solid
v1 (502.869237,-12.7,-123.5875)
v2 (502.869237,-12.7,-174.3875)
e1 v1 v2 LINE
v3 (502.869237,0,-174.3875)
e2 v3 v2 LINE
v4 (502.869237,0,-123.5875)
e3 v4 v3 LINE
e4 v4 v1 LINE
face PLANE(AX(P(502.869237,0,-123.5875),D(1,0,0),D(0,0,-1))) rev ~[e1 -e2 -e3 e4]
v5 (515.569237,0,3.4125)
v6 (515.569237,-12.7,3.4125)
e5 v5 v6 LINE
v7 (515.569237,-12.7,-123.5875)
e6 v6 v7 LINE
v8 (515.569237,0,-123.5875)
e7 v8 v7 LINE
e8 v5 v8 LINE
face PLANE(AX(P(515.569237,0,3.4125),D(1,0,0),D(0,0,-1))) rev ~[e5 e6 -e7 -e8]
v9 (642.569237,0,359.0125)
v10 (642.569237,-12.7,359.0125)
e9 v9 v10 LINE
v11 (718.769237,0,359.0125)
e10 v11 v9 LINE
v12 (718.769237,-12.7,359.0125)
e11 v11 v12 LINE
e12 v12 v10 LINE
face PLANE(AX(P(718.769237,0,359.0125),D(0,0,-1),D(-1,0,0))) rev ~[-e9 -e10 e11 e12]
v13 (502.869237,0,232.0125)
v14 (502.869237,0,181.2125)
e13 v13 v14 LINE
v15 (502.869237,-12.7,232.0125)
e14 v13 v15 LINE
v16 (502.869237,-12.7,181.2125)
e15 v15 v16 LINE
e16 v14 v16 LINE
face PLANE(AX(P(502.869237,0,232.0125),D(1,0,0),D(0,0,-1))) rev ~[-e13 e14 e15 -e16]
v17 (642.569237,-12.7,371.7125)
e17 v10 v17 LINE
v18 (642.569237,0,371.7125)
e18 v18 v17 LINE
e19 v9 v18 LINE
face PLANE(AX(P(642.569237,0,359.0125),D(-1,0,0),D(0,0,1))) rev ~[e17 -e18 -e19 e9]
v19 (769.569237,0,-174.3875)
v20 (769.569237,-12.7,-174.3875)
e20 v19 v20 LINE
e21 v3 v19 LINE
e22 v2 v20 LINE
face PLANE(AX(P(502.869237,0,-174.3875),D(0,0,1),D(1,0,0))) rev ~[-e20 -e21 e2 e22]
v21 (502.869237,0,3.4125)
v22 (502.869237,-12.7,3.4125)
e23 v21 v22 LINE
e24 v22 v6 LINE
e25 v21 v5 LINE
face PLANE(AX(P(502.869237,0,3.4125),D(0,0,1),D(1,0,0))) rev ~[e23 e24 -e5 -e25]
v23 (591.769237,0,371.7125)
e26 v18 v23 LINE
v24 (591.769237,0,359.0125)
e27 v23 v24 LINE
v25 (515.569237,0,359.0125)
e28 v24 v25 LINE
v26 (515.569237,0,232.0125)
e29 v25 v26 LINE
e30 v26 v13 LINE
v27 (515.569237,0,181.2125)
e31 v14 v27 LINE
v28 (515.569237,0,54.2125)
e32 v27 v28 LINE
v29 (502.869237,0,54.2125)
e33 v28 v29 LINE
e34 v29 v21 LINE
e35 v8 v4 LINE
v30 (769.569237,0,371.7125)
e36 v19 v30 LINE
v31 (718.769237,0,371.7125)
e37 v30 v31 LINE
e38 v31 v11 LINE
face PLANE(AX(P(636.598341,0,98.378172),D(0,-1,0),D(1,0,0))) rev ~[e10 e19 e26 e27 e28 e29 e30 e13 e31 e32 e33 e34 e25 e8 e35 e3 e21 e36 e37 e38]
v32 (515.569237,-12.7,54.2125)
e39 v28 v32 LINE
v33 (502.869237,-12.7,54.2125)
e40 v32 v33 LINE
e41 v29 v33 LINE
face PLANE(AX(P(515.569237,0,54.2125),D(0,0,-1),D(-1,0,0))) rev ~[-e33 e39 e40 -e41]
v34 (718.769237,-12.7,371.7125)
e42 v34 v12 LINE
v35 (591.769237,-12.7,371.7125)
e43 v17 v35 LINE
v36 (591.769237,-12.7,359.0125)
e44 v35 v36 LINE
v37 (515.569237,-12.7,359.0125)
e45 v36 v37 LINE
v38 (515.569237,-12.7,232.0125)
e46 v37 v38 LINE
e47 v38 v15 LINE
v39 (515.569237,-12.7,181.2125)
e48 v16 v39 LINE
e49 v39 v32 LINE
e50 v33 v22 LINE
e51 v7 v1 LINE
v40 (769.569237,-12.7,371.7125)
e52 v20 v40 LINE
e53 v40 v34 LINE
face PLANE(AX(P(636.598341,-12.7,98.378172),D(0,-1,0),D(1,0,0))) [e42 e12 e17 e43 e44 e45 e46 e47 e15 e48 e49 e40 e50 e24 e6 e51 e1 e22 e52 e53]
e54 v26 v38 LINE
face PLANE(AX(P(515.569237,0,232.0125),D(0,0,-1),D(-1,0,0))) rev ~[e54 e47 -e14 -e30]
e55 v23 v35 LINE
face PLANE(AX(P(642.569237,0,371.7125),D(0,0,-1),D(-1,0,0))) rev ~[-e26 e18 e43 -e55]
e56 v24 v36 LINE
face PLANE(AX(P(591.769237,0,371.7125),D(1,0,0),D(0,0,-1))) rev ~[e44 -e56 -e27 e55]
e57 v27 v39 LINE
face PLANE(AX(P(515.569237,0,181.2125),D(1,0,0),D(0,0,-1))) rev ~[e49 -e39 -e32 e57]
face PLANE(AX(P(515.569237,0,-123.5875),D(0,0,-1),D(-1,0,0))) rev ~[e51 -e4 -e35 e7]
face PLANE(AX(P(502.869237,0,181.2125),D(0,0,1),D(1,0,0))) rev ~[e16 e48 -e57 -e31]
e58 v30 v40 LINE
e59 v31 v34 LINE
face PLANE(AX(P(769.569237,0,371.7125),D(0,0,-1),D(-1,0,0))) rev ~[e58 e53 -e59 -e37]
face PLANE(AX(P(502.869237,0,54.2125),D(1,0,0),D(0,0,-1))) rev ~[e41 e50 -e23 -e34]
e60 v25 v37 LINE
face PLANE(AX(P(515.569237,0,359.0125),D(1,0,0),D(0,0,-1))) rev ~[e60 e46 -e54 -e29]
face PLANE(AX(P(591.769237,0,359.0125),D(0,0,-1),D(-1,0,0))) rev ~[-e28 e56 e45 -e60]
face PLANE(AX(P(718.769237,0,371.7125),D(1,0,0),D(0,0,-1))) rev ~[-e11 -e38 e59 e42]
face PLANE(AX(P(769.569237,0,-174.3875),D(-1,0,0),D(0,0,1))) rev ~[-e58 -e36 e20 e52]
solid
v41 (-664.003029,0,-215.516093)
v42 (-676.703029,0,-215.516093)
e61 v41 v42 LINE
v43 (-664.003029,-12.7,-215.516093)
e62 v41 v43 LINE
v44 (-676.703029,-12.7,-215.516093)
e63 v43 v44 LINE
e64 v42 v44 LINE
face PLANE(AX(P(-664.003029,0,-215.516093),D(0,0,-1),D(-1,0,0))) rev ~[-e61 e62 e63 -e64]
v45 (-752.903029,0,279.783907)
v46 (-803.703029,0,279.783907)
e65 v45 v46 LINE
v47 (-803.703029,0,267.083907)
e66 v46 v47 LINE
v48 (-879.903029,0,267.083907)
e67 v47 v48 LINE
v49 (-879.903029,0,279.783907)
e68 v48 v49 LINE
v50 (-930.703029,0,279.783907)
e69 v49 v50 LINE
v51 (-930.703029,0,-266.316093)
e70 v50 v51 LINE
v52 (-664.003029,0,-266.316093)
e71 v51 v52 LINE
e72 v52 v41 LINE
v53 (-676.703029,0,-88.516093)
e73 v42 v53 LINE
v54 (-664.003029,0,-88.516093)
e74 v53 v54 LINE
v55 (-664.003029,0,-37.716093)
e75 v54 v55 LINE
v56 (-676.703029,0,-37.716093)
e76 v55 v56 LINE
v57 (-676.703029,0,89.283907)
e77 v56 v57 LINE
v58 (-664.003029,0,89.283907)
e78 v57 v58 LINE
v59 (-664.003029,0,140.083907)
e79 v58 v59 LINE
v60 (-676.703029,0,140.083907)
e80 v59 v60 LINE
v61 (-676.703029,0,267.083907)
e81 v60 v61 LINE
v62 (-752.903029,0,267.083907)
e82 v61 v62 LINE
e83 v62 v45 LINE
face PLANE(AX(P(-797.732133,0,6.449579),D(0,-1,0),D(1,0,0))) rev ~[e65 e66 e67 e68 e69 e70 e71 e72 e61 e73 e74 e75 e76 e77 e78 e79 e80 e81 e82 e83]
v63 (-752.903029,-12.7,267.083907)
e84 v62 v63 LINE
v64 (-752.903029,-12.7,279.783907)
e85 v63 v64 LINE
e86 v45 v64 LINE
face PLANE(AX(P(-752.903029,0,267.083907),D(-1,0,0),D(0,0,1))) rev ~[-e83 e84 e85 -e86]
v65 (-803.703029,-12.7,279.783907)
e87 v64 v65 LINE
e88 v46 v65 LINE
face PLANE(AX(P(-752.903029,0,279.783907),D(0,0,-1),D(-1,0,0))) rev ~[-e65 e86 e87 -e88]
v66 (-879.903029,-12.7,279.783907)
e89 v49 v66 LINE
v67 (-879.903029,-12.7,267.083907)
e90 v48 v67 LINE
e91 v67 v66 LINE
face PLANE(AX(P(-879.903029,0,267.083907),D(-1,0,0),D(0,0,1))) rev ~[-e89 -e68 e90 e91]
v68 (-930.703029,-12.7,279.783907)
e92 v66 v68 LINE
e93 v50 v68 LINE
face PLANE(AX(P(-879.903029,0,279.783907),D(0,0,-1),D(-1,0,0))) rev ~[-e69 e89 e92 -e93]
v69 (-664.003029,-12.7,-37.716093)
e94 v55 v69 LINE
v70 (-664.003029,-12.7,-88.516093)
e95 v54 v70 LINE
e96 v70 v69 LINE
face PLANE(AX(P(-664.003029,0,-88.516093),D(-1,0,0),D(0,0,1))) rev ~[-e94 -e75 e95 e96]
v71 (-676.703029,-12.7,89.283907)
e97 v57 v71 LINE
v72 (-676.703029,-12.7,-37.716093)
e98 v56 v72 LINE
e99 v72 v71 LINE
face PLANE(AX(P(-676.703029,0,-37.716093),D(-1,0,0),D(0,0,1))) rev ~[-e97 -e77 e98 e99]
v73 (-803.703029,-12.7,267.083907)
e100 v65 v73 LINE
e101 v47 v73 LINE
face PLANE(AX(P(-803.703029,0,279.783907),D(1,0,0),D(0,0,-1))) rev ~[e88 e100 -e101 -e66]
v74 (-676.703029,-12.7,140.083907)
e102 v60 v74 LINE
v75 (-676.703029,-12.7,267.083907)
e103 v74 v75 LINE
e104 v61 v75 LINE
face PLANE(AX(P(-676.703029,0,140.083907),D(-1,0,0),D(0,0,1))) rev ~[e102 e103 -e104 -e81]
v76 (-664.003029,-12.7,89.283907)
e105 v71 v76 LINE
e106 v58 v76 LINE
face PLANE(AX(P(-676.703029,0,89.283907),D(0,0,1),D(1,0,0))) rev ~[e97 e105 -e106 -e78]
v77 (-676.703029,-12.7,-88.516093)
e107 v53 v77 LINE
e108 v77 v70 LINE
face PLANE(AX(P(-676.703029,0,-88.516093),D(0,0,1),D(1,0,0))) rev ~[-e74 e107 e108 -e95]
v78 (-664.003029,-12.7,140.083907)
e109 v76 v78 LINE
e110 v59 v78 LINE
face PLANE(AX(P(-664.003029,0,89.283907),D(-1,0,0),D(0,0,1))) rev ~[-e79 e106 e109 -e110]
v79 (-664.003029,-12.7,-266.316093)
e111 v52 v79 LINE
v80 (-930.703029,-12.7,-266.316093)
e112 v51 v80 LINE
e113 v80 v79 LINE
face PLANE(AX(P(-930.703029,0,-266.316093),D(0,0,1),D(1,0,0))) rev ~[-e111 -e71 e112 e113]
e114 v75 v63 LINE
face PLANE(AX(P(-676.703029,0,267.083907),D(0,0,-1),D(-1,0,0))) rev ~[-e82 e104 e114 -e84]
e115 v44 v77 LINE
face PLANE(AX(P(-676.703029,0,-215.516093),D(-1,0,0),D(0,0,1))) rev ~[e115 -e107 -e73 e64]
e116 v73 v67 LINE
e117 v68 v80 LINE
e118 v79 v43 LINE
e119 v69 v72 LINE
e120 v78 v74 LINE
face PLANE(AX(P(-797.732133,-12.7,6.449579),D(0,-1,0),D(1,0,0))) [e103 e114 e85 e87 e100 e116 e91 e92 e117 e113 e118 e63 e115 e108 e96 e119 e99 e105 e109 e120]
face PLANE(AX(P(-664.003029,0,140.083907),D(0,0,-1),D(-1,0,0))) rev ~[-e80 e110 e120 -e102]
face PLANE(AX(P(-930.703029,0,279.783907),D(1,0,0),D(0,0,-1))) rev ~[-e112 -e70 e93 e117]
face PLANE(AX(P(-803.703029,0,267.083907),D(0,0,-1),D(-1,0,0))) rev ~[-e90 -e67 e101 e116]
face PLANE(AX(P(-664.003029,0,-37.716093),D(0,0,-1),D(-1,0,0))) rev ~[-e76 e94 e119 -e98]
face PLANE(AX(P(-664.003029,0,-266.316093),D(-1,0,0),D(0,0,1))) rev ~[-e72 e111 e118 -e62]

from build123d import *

# Parameters (mm, degrees)
F1_DEPTH = 12.7


with BuildPart() as f1:
    # F0 (on Front) → F1 (new body)
    with BuildSketch(Plane.XZ):
        Polygon((-930.703029, 267.083907), (-930.703029, -266.316093), (-676.703029, -266.316093), (-664.003029, -266.316093), (-664.003029, -215.516093), (-676.703029, -215.516093), (-676.703029, -88.516093), (-664.003029, -88.516093), (-664.003029, -37.716093), (-676.703029, -37.716093), (-676.703029, 89.283907), (-664.003029, 89.283907), (-664.003029, 140.083907), (-676.703029, 140.083907), (-676.703029, 267.083907), (-752.903029, 267.083907), (-752.903029, 279.783907), (-803.703029, 279.783907), (-803.703029, 267.083907), (-879.903029, 267.083907), (-879.903029, 279.783907), (-930.703029, 279.783907), align=None)
        Polygon((502.869237, -174.3875), (515.569237, -174.3875), (769.569237, -174.3875), (769.569237, 359.0125), (769.569237, 371.7125), (718.769237, 371.7125), (718.769237, 359.0125), (642.569237, 359.0125), (642.569237, 371.7125), (591.769237, 371.7125), (591.769237, 359.0125), (515.569237, 359.0125), (515.569237, 232.0125), (502.869237, 232.0125), (502.869237, 181.2125), (515.569237, 181.2125), (515.569237, 54.2125), (502.869237, 54.2125), (502.869237, 3.4125), (515.569237, 3.4125), (515.569237, -123.5875), (502.869237, -123.5875), align=None)
    extrude(amount=F1_DEPTH)


solid = f1.part
